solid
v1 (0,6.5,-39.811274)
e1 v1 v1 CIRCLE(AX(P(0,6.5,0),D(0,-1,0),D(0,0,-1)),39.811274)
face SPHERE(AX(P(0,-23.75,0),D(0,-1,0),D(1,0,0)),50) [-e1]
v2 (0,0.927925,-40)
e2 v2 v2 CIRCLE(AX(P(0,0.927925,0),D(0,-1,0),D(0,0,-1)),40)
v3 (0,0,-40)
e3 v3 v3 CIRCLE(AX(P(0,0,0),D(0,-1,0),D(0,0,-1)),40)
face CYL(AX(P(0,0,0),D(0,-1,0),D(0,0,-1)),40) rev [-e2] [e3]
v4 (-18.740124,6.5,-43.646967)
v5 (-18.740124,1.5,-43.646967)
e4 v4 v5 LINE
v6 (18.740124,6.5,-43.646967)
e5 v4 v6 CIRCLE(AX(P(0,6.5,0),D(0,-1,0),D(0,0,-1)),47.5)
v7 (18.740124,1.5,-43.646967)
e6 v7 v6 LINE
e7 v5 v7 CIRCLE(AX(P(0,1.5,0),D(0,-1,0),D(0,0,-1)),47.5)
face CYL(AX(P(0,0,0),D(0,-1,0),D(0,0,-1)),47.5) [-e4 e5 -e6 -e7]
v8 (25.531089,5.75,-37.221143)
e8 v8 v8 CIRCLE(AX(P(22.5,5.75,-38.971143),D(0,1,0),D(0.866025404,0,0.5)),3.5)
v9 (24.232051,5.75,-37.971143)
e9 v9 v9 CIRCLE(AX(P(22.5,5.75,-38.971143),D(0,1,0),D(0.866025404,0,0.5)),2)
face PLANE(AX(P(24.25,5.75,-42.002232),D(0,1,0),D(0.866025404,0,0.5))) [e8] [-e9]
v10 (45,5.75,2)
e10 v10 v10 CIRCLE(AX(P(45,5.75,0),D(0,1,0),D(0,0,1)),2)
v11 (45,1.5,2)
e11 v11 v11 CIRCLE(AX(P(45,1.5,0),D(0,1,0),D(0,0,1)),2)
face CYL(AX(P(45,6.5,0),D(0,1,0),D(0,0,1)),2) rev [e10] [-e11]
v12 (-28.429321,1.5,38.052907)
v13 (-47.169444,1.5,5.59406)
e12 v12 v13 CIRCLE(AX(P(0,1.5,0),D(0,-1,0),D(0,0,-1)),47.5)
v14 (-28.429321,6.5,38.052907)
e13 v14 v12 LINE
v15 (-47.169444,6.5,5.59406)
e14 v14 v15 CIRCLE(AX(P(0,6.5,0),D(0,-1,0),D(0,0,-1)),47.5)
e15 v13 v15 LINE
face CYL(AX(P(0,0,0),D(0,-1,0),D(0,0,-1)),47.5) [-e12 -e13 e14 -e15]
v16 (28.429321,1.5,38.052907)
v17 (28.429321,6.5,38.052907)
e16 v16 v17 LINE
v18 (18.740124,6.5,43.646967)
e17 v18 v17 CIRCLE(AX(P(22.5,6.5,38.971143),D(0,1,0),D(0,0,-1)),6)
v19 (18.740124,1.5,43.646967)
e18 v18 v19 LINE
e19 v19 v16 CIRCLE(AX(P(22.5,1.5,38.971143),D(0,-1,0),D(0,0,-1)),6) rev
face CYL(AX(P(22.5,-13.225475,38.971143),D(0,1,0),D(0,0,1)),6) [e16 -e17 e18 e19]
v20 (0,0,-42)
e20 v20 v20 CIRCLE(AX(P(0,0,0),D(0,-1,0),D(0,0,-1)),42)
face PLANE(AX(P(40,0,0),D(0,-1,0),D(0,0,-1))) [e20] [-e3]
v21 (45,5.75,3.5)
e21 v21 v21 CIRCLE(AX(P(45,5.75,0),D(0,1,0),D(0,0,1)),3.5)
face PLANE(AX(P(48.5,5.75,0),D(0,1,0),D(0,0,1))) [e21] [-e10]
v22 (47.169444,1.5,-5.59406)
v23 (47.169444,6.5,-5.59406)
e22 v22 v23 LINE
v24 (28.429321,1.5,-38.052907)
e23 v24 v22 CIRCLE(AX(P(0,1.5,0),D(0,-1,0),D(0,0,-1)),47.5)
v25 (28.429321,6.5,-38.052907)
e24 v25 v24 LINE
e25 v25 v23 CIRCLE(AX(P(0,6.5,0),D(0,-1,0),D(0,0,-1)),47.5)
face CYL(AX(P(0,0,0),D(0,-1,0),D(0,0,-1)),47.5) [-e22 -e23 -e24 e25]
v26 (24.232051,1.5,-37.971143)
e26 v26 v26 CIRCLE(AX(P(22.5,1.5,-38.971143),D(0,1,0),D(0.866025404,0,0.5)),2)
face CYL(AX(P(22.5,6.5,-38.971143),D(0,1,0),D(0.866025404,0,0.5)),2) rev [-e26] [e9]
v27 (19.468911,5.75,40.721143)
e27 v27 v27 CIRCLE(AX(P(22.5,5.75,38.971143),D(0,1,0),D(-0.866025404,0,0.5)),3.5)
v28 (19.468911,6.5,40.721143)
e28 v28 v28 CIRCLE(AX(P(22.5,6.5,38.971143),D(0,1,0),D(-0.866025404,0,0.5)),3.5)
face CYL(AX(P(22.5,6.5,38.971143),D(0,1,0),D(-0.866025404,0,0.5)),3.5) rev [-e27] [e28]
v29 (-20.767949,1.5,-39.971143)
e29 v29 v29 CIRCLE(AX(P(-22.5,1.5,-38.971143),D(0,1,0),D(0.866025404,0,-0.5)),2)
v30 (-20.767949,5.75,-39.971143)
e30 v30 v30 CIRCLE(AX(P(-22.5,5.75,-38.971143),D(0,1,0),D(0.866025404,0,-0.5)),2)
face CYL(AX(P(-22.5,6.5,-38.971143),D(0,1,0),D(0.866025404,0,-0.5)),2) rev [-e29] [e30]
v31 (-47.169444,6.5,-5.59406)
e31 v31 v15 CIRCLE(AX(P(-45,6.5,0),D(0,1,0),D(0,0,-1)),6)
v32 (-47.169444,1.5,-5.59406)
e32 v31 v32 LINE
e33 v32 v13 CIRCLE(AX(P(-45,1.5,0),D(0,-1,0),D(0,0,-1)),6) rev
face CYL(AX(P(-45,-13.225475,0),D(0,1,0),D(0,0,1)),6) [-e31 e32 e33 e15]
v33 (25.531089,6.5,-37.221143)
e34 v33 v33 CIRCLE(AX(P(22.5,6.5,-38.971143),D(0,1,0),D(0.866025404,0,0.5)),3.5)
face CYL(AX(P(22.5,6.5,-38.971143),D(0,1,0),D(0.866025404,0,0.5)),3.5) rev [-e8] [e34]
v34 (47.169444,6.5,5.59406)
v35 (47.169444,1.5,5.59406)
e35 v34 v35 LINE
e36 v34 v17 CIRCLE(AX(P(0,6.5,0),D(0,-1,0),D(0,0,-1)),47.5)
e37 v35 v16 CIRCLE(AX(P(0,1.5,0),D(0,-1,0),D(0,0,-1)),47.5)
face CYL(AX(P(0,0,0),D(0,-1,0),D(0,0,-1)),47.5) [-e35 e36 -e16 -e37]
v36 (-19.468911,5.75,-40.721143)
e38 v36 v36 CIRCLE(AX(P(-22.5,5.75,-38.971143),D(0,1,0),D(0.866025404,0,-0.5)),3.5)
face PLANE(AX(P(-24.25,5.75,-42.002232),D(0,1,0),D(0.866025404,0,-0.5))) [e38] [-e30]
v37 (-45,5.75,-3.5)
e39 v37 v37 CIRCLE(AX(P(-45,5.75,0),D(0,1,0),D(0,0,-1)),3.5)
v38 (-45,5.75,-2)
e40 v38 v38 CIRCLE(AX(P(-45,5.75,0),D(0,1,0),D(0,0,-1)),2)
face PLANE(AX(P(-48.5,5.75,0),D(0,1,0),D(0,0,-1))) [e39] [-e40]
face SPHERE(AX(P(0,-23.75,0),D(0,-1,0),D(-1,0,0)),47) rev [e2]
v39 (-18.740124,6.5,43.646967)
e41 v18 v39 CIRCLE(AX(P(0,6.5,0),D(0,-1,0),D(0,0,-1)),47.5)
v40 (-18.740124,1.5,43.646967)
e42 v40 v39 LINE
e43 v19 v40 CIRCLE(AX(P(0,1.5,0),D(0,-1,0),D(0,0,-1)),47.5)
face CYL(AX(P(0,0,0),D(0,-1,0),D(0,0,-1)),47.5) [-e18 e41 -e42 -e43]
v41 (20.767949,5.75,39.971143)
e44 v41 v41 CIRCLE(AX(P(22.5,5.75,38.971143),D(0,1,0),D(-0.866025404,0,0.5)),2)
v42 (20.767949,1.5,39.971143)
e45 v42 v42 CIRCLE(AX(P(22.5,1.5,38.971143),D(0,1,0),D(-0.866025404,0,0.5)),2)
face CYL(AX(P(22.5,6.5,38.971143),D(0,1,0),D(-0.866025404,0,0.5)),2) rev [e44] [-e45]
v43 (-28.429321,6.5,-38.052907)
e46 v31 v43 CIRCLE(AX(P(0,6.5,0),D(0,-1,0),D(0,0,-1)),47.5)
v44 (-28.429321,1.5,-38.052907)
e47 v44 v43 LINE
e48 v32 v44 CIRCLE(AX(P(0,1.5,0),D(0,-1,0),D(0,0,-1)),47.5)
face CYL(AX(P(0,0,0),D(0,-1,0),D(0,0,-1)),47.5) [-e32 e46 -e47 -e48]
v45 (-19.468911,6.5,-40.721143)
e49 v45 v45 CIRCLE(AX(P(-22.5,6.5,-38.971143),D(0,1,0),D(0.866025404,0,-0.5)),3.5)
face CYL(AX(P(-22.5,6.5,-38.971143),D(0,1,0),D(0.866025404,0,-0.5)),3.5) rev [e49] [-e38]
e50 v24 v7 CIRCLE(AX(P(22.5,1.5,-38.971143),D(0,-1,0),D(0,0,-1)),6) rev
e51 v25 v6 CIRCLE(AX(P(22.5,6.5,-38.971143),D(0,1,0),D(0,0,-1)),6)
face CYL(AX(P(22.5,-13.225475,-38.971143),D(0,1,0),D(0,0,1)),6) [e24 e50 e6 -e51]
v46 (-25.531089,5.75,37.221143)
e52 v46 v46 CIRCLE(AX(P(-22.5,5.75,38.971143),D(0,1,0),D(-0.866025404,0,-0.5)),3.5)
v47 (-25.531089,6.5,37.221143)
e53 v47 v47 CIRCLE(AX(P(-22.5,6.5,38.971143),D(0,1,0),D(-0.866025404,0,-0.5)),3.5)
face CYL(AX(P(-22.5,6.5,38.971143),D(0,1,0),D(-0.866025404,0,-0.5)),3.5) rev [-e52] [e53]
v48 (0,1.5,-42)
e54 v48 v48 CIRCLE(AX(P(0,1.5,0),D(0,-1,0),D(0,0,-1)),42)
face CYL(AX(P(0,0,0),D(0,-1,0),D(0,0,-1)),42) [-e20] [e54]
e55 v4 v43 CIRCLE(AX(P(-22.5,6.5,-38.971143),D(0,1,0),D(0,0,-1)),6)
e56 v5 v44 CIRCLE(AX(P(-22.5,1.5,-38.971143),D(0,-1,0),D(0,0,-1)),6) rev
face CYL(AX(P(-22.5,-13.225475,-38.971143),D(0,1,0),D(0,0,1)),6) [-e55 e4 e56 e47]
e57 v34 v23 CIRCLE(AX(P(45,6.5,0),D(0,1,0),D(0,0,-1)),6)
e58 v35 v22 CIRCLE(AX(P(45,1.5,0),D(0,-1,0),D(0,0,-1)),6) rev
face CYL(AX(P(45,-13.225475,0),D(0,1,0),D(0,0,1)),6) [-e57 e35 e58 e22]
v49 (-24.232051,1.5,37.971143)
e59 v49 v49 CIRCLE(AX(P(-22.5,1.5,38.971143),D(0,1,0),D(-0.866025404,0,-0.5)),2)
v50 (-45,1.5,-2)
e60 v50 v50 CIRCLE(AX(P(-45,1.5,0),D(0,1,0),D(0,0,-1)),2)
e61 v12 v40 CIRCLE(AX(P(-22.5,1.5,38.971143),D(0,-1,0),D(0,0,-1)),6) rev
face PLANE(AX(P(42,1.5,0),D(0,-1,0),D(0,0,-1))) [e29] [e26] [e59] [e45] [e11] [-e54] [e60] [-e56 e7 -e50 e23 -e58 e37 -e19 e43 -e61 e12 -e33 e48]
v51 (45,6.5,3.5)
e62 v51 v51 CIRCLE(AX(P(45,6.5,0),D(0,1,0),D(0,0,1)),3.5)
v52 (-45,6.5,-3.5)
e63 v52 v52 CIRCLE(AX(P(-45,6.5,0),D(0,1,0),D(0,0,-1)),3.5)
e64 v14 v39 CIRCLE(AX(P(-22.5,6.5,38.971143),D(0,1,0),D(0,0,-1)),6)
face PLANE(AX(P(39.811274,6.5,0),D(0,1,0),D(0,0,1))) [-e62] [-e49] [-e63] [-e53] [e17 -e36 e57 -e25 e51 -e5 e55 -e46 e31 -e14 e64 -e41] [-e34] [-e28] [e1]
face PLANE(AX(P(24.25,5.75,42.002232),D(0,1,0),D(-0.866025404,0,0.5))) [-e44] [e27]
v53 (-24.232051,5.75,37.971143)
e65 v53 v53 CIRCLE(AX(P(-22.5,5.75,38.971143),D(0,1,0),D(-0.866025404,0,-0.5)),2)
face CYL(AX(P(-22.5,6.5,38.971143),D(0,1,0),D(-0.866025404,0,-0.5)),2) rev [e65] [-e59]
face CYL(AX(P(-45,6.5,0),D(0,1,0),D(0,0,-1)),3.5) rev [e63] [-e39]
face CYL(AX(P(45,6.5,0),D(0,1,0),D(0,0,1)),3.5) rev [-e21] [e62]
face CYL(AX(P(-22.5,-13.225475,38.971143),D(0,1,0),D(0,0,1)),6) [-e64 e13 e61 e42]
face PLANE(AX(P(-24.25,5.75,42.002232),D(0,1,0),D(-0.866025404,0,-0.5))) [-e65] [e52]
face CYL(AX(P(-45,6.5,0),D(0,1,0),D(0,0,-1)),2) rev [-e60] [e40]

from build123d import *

# Parameters (mm, degrees)
EXTRUDE_1_DEPTH          = 5
PATTERN_CIRCULAR_1_COUNT = 6


with BuildPart() as part:
    # 草圖1 → 旋轉1 (revolve)
    with BuildSketch(Plane.XY):
        with BuildLine():
            Line((39.811273529, 6.5), (47.5, 6.5))
            Line((47.5, 6.5), (47.5, 1.5))
            Line((47.5, 1.5), (42, 1.5))
            Line((42, 1.5), (42, 0))
            Line((42, 0), (40, 0))
            Line((40, 0), (40, 0.927925359))
            ThreePointArc((40, 0.927925359), (22.903465984, 17.291823131), (0, 23.25))
            Line((0, 23.25), (0, 26.25))
            ThreePointArc((0, 26.25), (22.220486043, 21.041182168), (39.811273529, 6.5))
        make_face()
    revolve(axis=Axis((0, 0, 0), (0, 1, 0)))

    # 草圖3 → 填料-伸長1 (add)
    with BuildSketch(Plane(origin=(0, 6.5, 0), x_dir=(1, 0, 0), z_dir=(0, 1, 0))):
        with BuildLine():
            ThreePointArc((44.6, 5.986651819), (51, 0), (44.6, -5.986651819))
            ThreePointArc((44.6, -5.986651819), (45, 0), (44.6, 5.986651819))
        make_face()
        with BuildLine():
            ThreePointArc((27.484592559, -35.631407099), (25.5, -44.167295593), (17.115407441, -41.618058918))
            ThreePointArc((17.115407441, -41.618058918), (22.5, -38.97114317), (27.484592559, -35.631407099))
        make_face()
        with BuildLine():
            ThreePointArc((-17.115407441, -41.618058918), (-25.5, -44.167295593), (-27.484592559, -35.631407099))
            ThreePointArc((-27.484592559, -35.631407099), (-22.5, -38.97114317), (-17.115407441, -41.618058918))
        make_face()
        with BuildLine():
            ThreePointArc((-44.6, -5.986651819), (-51, 0), (-44.6, 5.986651819))
            ThreePointArc((-44.6, 5.986651819), (-45, 0), (-44.6, -5.986651819))
        make_face()
        with BuildLine():
            ThreePointArc((-27.484592559, 35.631407099), (-25.5, 44.167295593), (-17.115407441, 41.618058918))
            ThreePointArc((-17.115407441, 41.618058918), (-22.5, 38.97114317), (-27.484592559, 35.631407099))
        make_face()
        with BuildLine():
            ThreePointArc((17.115407441, 41.618058918), (25.5, 44.167295593), (27.484592559, 35.631407099))
            ThreePointArc((27.484592559, 35.631407099), (22.5, 38.97114317), (17.115407441, 41.618058918))
        make_face()
    extrude(amount=-EXTRUDE_1_DEPTH)

    # 草圖5 → 除料-旋轉1 (revolve, cut)
    with BuildSketch(Plane.XY):
        Polygon((48.5, 6.5), (48.5, 5.75), (47, 5.75), (47, 1.5), (45, 1.5), (45, 6.5), align=None)
    cut_revolve_1 = revolve(axis=Axis((45, 6.5, 0), (0, -1, 0)), mode=Mode.SUBTRACT)

    # 環狀複製排列1: 除料-旋轉1 ×6 about axis
    pattern_circular_1_axis = Axis((0, 0, 0), (0, 1, 0))
    for i in range(1, PATTERN_CIRCULAR_1_COUNT):
        add(cut_revolve_1.rotate(pattern_circular_1_axis, i * 360 / PATTERN_CIRCULAR_1_COUNT), mode=Mode.SUBTRACT)


solid = part.part
